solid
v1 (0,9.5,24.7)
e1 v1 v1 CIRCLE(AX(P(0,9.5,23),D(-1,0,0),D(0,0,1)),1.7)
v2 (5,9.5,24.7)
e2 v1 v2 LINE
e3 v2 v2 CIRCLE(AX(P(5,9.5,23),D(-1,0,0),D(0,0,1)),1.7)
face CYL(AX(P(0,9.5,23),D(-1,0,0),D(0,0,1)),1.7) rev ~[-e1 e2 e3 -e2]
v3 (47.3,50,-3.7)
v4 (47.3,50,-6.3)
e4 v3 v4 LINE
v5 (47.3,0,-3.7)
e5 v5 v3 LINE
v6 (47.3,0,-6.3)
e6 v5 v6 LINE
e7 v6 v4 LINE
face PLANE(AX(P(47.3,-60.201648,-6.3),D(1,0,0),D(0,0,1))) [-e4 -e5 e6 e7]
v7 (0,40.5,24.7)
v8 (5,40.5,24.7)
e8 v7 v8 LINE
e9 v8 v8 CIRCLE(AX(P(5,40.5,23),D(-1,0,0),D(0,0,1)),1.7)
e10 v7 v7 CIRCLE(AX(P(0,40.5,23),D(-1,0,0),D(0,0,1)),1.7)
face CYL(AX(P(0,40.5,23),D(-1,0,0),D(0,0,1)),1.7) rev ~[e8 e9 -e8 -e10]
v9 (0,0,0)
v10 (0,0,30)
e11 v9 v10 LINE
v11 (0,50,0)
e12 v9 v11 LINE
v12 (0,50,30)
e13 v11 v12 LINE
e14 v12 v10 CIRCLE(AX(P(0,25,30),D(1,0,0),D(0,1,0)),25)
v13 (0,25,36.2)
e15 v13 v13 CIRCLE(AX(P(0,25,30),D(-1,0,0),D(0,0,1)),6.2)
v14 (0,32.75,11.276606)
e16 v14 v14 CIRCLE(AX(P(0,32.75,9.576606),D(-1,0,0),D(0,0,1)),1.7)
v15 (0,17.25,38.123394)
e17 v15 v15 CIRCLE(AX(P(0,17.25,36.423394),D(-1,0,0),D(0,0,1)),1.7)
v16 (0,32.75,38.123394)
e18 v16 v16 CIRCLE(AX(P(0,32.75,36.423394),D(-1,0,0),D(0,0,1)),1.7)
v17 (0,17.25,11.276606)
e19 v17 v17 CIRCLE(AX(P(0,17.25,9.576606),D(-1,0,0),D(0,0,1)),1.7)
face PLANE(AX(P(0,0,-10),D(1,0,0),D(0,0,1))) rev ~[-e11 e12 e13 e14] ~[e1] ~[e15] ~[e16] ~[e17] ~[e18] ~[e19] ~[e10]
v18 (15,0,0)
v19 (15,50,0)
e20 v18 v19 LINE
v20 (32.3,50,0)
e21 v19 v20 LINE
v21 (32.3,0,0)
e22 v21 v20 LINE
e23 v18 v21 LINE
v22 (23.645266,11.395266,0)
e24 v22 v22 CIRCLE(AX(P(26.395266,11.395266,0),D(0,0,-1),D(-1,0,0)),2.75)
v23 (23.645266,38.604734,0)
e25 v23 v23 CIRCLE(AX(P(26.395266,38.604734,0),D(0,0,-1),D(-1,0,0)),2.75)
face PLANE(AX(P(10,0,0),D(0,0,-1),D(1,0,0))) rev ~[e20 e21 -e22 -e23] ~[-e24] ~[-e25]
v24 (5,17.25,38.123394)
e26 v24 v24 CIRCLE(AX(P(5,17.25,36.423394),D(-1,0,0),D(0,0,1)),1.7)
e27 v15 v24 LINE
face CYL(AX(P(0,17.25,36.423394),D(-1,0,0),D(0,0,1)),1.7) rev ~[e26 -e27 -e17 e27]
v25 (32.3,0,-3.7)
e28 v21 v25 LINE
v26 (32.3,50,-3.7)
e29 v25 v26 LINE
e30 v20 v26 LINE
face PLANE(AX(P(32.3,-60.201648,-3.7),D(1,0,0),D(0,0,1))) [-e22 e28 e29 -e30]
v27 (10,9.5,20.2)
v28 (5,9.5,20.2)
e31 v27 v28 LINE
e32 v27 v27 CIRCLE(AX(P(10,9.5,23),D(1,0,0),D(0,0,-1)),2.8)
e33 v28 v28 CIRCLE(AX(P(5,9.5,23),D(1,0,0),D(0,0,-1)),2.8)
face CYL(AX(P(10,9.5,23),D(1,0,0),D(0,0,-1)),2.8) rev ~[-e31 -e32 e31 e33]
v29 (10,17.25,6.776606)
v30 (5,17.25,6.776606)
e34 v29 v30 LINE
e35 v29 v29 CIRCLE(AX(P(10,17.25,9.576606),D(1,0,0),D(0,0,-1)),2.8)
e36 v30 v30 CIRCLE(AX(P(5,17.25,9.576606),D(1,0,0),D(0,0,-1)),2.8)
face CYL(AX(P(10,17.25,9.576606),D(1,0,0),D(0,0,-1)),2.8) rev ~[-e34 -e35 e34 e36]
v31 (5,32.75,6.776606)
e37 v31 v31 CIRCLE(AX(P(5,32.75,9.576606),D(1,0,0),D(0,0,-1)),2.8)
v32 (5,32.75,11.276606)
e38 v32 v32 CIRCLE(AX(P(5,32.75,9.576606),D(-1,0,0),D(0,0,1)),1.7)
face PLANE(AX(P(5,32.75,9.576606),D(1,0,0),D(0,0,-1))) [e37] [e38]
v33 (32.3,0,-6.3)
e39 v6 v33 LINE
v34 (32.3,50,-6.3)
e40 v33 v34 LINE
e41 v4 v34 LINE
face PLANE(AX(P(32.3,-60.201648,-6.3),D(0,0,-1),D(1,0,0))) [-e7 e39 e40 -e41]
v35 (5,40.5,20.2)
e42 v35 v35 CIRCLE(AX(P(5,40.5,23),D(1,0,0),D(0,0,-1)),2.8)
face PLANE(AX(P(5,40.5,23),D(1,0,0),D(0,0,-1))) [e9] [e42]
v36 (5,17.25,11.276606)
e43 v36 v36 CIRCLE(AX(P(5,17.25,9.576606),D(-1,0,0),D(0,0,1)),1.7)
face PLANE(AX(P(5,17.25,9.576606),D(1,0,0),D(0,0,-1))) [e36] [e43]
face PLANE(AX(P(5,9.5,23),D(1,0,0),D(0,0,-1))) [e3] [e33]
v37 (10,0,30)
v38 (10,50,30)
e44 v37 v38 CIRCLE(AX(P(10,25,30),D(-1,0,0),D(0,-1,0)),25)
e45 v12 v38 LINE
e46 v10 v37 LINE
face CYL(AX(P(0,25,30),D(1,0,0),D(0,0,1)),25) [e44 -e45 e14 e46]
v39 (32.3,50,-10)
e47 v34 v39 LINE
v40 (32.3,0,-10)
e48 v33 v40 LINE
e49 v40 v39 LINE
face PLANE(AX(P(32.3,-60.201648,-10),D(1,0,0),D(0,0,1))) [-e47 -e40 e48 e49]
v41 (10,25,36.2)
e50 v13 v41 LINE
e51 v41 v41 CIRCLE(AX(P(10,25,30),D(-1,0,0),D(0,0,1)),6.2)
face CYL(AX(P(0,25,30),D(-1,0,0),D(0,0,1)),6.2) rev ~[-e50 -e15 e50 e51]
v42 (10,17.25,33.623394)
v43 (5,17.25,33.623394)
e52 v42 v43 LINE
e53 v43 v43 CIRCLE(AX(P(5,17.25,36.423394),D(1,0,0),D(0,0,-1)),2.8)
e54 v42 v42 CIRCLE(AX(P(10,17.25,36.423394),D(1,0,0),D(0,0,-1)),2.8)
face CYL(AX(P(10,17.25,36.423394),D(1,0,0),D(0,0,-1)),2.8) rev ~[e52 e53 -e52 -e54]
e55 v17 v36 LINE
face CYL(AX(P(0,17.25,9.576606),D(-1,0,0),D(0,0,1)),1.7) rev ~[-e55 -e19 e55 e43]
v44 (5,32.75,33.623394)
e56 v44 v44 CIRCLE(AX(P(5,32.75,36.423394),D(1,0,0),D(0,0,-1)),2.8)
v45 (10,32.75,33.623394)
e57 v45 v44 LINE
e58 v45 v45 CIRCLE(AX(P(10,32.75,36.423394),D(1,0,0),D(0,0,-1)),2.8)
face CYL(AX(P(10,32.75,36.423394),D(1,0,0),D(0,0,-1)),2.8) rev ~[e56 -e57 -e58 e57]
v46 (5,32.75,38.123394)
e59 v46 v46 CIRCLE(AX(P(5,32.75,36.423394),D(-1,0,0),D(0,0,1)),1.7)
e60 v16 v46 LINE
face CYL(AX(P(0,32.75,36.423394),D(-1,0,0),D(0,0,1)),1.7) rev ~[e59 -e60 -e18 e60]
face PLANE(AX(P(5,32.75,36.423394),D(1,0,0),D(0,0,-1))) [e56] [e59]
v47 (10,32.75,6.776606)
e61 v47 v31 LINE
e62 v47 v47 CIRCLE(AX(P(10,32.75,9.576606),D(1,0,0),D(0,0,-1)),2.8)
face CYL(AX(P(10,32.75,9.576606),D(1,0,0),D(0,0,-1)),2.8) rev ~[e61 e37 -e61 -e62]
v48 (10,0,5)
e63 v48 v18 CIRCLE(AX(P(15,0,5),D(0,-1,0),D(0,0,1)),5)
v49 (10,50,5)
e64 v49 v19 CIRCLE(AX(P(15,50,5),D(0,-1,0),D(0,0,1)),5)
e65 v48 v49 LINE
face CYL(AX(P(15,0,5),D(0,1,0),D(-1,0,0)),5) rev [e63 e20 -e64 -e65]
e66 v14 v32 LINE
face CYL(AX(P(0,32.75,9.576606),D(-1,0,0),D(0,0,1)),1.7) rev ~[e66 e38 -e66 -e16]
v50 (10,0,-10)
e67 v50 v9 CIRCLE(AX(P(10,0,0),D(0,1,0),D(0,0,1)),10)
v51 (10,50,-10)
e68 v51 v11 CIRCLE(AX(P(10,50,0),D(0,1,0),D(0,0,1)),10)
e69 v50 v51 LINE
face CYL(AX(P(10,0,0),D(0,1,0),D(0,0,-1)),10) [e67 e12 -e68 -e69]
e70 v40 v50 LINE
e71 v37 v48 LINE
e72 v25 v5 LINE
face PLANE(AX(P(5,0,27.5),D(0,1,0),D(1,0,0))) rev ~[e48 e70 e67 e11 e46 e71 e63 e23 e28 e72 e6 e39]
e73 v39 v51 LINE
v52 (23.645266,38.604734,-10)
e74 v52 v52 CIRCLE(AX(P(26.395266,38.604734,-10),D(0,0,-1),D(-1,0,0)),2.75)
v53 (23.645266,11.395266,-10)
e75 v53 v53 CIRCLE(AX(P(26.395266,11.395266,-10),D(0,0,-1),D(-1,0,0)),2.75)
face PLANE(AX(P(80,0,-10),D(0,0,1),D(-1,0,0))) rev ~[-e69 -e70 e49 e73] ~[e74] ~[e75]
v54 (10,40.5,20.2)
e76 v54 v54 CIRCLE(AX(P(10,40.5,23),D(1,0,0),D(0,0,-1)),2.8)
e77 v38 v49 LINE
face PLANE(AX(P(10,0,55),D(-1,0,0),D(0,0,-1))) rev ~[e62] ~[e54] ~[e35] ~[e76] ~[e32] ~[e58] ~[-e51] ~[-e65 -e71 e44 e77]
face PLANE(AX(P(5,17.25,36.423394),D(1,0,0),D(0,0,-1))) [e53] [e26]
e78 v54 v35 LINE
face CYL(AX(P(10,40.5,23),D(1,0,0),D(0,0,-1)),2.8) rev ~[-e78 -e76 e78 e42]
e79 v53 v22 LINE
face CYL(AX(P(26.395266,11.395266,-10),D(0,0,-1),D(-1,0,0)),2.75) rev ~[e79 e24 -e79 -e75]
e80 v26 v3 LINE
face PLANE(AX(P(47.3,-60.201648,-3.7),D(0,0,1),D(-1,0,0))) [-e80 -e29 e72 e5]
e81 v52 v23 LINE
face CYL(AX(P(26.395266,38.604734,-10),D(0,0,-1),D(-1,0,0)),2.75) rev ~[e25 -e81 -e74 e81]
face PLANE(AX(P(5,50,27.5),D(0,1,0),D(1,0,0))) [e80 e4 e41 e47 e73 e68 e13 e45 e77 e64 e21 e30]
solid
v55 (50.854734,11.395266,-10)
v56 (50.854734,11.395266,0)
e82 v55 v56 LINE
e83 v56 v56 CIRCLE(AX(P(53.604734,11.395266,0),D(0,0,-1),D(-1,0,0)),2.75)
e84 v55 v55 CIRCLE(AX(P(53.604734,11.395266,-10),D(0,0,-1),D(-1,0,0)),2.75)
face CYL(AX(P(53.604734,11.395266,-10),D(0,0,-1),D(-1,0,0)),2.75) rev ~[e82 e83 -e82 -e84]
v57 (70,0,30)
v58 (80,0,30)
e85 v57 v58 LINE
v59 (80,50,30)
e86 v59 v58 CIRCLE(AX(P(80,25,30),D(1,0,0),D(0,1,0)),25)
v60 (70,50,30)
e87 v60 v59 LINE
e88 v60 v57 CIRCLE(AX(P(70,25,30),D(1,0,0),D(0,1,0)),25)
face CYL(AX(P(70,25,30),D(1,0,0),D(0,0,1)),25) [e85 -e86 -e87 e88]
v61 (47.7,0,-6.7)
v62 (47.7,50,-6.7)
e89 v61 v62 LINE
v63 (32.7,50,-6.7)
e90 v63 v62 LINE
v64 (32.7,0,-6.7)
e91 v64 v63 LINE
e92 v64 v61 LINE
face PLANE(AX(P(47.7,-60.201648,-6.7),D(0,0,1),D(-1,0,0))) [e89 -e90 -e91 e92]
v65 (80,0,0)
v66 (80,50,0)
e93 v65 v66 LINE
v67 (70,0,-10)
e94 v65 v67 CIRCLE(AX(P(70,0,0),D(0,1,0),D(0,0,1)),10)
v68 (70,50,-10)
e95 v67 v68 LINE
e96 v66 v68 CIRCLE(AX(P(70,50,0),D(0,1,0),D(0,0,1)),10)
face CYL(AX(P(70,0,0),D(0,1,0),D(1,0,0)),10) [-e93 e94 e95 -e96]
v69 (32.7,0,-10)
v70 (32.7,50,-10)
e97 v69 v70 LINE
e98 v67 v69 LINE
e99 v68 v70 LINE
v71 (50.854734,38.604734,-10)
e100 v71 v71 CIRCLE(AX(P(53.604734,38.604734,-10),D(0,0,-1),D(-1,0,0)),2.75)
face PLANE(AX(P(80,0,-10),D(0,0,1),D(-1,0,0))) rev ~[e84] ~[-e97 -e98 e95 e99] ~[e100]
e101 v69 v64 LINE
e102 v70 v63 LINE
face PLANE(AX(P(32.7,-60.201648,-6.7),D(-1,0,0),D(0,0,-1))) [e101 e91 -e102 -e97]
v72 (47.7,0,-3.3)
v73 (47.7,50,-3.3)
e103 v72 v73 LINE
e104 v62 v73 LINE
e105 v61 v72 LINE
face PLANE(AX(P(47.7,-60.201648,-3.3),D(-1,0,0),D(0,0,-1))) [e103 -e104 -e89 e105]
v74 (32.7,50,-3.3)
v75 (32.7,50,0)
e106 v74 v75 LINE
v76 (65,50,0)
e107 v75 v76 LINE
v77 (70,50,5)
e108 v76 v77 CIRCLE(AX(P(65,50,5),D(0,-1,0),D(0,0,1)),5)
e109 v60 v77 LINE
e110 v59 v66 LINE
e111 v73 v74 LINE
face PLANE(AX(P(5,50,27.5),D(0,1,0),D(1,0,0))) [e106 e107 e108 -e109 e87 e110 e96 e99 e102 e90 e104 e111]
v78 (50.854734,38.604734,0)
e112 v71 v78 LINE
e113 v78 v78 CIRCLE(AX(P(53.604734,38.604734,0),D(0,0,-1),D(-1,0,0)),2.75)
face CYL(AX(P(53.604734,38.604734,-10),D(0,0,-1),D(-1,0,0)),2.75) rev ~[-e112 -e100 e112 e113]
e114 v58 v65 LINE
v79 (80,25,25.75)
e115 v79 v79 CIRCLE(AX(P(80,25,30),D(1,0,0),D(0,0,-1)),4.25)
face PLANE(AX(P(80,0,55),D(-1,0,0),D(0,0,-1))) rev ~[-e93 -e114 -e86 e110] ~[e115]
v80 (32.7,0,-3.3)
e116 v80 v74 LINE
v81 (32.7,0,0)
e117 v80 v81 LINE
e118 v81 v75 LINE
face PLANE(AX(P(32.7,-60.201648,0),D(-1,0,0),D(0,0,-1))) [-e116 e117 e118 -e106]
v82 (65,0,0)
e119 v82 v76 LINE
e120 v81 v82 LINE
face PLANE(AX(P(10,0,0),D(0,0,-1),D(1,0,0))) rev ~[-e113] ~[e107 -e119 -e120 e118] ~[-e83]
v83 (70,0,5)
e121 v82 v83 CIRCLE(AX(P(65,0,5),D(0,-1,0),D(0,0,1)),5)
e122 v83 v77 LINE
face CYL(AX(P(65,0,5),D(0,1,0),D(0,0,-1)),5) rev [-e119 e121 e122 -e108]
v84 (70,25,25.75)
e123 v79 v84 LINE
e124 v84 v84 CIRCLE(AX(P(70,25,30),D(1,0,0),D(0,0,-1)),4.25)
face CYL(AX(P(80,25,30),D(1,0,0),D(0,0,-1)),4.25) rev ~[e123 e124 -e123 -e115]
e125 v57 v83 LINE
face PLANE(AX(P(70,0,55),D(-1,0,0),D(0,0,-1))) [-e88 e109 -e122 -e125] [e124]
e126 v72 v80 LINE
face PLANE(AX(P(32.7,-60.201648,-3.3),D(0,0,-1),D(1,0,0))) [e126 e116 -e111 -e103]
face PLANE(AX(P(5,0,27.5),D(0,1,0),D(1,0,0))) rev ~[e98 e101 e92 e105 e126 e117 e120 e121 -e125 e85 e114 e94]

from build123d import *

# Parameters (mm, degrees)
SKETCH1_W                    = 10
SKETCH1_H                    = 55
SKETCH1_W_2                  = 60
SKETCH1_H_2                  = 10
BOSS_EXTRUDE1_DEPTH          = 50
SKETCH2_R                    = 2.75
CUT_EXTRUDE1_DEPTH           = 115.564392374
FILLET1_RADIUS               = 25
FILLET1_LENGTH               = 10
FILLET2_RADIUS               = 25
FILLET2_LENGTH               = 10
SKETCH3_R                    = 4.25
CUT_EXTRUDE2_DEPTH           = 10
SKETCH5_R                    = 6.2
SKETCH5_R_2                  = 1.7
CUT_EXTRUDE3_DEPTH           = 10
SKETCH7_R                    = 2.8
CUT_EXTRUDE4_DEPTH           = 5
FILLET3_R                    = 5
FILLET4_R                    = 10
CUT_EXTRUDE_THIN1_DEPTH      = 110.201648339
CUT_EXTRUDE_THIN1_DEPTH_BACK = 110.201648339


with BuildPart() as part:
    # Sketch1 → Boss-Extrude1 (new body)
    with BuildSketch(Plane(origin=(0, 0, 0), x_dir=(1, 0, 0), z_dir=(0, 1, 0))):
        with Locations((5, -27.5)):
            Rectangle(SKETCH1_W, SKETCH1_H)
        with Locations((40, 5)):
            Rectangle(SKETCH1_W_2, SKETCH1_H_2)
        with Locations((75, -27.5)):
            Rectangle(SKETCH1_W, SKETCH1_H)
        with Locations((75, 5)):
            Rectangle(SKETCH1_W, SKETCH1_H_2)
        with Locations((5, 5)):
            Rectangle(SKETCH1_W, SKETCH1_H_2)
    extrude(amount=BOSS_EXTRUDE1_DEPTH)

    # Sketch2 → Cut-Extrude1 (cut, through all)
    with BuildSketch(Plane(origin=(0, 0, -10), x_dir=(-1, 0, 0), z_dir=(0, 0, -1))):
        with Locations((-26.39526553, 38.60473447)):
            Circle(SKETCH2_R)
        with Locations((-53.60473447, 38.60473447)):
            Circle(SKETCH2_R)
        with Locations((-53.60473447, 11.39526553)):
            Circle(SKETCH2_R)
        with Locations((-26.39526553, 11.39526553)):
            Circle(SKETCH2_R)
    extrude(amount=-CUT_EXTRUDE1_DEPTH, mode=Mode.SUBTRACT)

    # Fillet1: full round fillet: the end face becomes a half cylinder, R = half its width
    fillet1_face = Plane((75, 25, 55), x_dir=(1, 0, 0), z_dir=(0, 0, 1))  # on the end face: x along it, z out of the body
    fillet1_slab = fillet1_face.offset(-FILLET1_RADIUS / 2) * Box(FILLET1_LENGTH, 2 * FILLET1_RADIUS, FILLET1_RADIUS, mode=Mode.PRIVATE)  # the body's end, R deep
    fillet1_round = Plane((75, 25, 30), x_dir=(0, 0, 1), z_dir=(1, 0, 0)) * Cylinder(FILLET1_RADIUS, FILLET1_LENGTH, mode=Mode.PRIVATE)  # its axis R under the face
    add(fillet1_slab - fillet1_round, mode=Mode.SUBTRACT)

    # Fillet2: full round fillet: the end face becomes a half cylinder, R = half its width
    fillet2_face = Plane((5, 25, 55), x_dir=(1, 0, 0), z_dir=(0, 0, 1))  # on the end face: x along it, z out of the body
    fillet2_slab = fillet2_face.offset(-FILLET2_RADIUS / 2) * Box(FILLET2_LENGTH, 2 * FILLET2_RADIUS, FILLET2_RADIUS, mode=Mode.PRIVATE)  # the body's end, R deep
    fillet2_round = Plane((5, 25, 30), x_dir=(0, 0, 1), z_dir=(1, 0, 0)) * Cylinder(FILLET2_RADIUS, FILLET2_LENGTH, mode=Mode.PRIVATE)  # its axis R under the face
    add(fillet2_slab - fillet2_round, mode=Mode.SUBTRACT)

    # Sketch3 → Cut-Extrude2 (cut)
    with BuildSketch(Plane(origin=(80, 0, 0), x_dir=(0, 0, -1), z_dir=(1, 0, 0))):
        with Locations((-30, 25)):
            Circle(SKETCH3_R)
    extrude(amount=-CUT_EXTRUDE2_DEPTH, mode=Mode.SUBTRACT)

    # Sketch5 → Cut-Extrude3 (cut)
    with BuildSketch(Plane.ZY):
        with Locations((30, 25)):
            Circle(SKETCH5_R)
        with Locations((23, 9.5)):
            Circle(SKETCH5_R_2)
        with Locations((9.576606241, 17.25)):
            Circle(SKETCH5_R_2)
        with Locations((9.576606241, 32.75)):
            Circle(SKETCH5_R_2)
        with Locations((23, 40.5)):
            Circle(SKETCH5_R_2)
        with Locations((36.423393759, 32.75)):
            Circle(SKETCH5_R_2)
        with Locations((36.423393759, 17.25)):
            Circle(SKETCH5_R_2)
    extrude(amount=-CUT_EXTRUDE3_DEPTH, mode=Mode.SUBTRACT)

    # Sketch7 → Cut-Extrude4 (cut)
    with BuildSketch(Plane(origin=(10, 0, 0), x_dir=(0, 0, -1), z_dir=(1, 0, 0))):
        with Locations((-23, 9.5)):
            Circle(SKETCH7_R)
        with Locations((-36.423393759, 17.25)):
            Circle(SKETCH7_R)
        with Locations((-36.423393759, 32.75)):
            Circle(SKETCH7_R)
        with Locations((-23, 40.5)):
            Circle(SKETCH7_R)
        with Locations((-9.576606241, 32.75)):
            Circle(SKETCH7_R)
        with Locations((-9.576606241, 17.25)):
            Circle(SKETCH7_R)
    extrude(amount=-CUT_EXTRUDE4_DEPTH, mode=Mode.SUBTRACT)

    # Fillet3
    fillet3_edges = [part.edges().sort_by_distance(p)[0] for p in [
        (70, 25, 0),
        (10, 25, 0),
    ]]
    fillet(fillet3_edges, radius=FILLET3_R)

    # Fillet4
    fillet4_edges = [part.edges().sort_by_distance(p)[0] for p in [
        (0, 25, -10),
        (80, 25, -10),
    ]]
    fillet(fillet4_edges, radius=FILLET4_R)

    # Sketch8 → Cut-Extrude-Thin1 (cut, two sides: drawn at the far end of the back side and taken through both)
    with BuildSketch(Plane(origin=(0, 50, 0), x_dir=(1, 0, 0), z_dir=(0, 1, 0)).offset(-CUT_EXTRUDE_THIN1_DEPTH_BACK)):
        Polygon((32.3, 10), (32.3, 6.3), (47.3, 6.3), (47.3, 3.7), (32.3, 3.7), (32.3, 0), (32.7, 0), (32.7, 3.3), (47.7, 3.3), (47.7, 6.7), (32.7, 6.7), (32.7, 10), align=None)
    extrude(amount=CUT_EXTRUDE_THIN1_DEPTH + CUT_EXTRUDE_THIN1_DEPTH_BACK, mode=Mode.SUBTRACT)


with BuildPart() as cut_extrude_thin1_piece_1:
    # of the separate pieces the step leaves, piece 1, a body of its own (cut_extrude_thin1_pieces)
    add(part.part.solids().sort_by_distance((80, 50, 0))[0])


with BuildPart() as cut_extrude_thin1_piece_2:
    # of the separate pieces the step leaves, piece 2, a body of its own (cut_extrude_thin1_pieces)
    add(part.part.solids().sort_by_distance((32.3, 50, -6.3))[0])


solid = Compound([cut_extrude_thin1_piece_1.part, cut_extrude_thin1_piece_2.part])
